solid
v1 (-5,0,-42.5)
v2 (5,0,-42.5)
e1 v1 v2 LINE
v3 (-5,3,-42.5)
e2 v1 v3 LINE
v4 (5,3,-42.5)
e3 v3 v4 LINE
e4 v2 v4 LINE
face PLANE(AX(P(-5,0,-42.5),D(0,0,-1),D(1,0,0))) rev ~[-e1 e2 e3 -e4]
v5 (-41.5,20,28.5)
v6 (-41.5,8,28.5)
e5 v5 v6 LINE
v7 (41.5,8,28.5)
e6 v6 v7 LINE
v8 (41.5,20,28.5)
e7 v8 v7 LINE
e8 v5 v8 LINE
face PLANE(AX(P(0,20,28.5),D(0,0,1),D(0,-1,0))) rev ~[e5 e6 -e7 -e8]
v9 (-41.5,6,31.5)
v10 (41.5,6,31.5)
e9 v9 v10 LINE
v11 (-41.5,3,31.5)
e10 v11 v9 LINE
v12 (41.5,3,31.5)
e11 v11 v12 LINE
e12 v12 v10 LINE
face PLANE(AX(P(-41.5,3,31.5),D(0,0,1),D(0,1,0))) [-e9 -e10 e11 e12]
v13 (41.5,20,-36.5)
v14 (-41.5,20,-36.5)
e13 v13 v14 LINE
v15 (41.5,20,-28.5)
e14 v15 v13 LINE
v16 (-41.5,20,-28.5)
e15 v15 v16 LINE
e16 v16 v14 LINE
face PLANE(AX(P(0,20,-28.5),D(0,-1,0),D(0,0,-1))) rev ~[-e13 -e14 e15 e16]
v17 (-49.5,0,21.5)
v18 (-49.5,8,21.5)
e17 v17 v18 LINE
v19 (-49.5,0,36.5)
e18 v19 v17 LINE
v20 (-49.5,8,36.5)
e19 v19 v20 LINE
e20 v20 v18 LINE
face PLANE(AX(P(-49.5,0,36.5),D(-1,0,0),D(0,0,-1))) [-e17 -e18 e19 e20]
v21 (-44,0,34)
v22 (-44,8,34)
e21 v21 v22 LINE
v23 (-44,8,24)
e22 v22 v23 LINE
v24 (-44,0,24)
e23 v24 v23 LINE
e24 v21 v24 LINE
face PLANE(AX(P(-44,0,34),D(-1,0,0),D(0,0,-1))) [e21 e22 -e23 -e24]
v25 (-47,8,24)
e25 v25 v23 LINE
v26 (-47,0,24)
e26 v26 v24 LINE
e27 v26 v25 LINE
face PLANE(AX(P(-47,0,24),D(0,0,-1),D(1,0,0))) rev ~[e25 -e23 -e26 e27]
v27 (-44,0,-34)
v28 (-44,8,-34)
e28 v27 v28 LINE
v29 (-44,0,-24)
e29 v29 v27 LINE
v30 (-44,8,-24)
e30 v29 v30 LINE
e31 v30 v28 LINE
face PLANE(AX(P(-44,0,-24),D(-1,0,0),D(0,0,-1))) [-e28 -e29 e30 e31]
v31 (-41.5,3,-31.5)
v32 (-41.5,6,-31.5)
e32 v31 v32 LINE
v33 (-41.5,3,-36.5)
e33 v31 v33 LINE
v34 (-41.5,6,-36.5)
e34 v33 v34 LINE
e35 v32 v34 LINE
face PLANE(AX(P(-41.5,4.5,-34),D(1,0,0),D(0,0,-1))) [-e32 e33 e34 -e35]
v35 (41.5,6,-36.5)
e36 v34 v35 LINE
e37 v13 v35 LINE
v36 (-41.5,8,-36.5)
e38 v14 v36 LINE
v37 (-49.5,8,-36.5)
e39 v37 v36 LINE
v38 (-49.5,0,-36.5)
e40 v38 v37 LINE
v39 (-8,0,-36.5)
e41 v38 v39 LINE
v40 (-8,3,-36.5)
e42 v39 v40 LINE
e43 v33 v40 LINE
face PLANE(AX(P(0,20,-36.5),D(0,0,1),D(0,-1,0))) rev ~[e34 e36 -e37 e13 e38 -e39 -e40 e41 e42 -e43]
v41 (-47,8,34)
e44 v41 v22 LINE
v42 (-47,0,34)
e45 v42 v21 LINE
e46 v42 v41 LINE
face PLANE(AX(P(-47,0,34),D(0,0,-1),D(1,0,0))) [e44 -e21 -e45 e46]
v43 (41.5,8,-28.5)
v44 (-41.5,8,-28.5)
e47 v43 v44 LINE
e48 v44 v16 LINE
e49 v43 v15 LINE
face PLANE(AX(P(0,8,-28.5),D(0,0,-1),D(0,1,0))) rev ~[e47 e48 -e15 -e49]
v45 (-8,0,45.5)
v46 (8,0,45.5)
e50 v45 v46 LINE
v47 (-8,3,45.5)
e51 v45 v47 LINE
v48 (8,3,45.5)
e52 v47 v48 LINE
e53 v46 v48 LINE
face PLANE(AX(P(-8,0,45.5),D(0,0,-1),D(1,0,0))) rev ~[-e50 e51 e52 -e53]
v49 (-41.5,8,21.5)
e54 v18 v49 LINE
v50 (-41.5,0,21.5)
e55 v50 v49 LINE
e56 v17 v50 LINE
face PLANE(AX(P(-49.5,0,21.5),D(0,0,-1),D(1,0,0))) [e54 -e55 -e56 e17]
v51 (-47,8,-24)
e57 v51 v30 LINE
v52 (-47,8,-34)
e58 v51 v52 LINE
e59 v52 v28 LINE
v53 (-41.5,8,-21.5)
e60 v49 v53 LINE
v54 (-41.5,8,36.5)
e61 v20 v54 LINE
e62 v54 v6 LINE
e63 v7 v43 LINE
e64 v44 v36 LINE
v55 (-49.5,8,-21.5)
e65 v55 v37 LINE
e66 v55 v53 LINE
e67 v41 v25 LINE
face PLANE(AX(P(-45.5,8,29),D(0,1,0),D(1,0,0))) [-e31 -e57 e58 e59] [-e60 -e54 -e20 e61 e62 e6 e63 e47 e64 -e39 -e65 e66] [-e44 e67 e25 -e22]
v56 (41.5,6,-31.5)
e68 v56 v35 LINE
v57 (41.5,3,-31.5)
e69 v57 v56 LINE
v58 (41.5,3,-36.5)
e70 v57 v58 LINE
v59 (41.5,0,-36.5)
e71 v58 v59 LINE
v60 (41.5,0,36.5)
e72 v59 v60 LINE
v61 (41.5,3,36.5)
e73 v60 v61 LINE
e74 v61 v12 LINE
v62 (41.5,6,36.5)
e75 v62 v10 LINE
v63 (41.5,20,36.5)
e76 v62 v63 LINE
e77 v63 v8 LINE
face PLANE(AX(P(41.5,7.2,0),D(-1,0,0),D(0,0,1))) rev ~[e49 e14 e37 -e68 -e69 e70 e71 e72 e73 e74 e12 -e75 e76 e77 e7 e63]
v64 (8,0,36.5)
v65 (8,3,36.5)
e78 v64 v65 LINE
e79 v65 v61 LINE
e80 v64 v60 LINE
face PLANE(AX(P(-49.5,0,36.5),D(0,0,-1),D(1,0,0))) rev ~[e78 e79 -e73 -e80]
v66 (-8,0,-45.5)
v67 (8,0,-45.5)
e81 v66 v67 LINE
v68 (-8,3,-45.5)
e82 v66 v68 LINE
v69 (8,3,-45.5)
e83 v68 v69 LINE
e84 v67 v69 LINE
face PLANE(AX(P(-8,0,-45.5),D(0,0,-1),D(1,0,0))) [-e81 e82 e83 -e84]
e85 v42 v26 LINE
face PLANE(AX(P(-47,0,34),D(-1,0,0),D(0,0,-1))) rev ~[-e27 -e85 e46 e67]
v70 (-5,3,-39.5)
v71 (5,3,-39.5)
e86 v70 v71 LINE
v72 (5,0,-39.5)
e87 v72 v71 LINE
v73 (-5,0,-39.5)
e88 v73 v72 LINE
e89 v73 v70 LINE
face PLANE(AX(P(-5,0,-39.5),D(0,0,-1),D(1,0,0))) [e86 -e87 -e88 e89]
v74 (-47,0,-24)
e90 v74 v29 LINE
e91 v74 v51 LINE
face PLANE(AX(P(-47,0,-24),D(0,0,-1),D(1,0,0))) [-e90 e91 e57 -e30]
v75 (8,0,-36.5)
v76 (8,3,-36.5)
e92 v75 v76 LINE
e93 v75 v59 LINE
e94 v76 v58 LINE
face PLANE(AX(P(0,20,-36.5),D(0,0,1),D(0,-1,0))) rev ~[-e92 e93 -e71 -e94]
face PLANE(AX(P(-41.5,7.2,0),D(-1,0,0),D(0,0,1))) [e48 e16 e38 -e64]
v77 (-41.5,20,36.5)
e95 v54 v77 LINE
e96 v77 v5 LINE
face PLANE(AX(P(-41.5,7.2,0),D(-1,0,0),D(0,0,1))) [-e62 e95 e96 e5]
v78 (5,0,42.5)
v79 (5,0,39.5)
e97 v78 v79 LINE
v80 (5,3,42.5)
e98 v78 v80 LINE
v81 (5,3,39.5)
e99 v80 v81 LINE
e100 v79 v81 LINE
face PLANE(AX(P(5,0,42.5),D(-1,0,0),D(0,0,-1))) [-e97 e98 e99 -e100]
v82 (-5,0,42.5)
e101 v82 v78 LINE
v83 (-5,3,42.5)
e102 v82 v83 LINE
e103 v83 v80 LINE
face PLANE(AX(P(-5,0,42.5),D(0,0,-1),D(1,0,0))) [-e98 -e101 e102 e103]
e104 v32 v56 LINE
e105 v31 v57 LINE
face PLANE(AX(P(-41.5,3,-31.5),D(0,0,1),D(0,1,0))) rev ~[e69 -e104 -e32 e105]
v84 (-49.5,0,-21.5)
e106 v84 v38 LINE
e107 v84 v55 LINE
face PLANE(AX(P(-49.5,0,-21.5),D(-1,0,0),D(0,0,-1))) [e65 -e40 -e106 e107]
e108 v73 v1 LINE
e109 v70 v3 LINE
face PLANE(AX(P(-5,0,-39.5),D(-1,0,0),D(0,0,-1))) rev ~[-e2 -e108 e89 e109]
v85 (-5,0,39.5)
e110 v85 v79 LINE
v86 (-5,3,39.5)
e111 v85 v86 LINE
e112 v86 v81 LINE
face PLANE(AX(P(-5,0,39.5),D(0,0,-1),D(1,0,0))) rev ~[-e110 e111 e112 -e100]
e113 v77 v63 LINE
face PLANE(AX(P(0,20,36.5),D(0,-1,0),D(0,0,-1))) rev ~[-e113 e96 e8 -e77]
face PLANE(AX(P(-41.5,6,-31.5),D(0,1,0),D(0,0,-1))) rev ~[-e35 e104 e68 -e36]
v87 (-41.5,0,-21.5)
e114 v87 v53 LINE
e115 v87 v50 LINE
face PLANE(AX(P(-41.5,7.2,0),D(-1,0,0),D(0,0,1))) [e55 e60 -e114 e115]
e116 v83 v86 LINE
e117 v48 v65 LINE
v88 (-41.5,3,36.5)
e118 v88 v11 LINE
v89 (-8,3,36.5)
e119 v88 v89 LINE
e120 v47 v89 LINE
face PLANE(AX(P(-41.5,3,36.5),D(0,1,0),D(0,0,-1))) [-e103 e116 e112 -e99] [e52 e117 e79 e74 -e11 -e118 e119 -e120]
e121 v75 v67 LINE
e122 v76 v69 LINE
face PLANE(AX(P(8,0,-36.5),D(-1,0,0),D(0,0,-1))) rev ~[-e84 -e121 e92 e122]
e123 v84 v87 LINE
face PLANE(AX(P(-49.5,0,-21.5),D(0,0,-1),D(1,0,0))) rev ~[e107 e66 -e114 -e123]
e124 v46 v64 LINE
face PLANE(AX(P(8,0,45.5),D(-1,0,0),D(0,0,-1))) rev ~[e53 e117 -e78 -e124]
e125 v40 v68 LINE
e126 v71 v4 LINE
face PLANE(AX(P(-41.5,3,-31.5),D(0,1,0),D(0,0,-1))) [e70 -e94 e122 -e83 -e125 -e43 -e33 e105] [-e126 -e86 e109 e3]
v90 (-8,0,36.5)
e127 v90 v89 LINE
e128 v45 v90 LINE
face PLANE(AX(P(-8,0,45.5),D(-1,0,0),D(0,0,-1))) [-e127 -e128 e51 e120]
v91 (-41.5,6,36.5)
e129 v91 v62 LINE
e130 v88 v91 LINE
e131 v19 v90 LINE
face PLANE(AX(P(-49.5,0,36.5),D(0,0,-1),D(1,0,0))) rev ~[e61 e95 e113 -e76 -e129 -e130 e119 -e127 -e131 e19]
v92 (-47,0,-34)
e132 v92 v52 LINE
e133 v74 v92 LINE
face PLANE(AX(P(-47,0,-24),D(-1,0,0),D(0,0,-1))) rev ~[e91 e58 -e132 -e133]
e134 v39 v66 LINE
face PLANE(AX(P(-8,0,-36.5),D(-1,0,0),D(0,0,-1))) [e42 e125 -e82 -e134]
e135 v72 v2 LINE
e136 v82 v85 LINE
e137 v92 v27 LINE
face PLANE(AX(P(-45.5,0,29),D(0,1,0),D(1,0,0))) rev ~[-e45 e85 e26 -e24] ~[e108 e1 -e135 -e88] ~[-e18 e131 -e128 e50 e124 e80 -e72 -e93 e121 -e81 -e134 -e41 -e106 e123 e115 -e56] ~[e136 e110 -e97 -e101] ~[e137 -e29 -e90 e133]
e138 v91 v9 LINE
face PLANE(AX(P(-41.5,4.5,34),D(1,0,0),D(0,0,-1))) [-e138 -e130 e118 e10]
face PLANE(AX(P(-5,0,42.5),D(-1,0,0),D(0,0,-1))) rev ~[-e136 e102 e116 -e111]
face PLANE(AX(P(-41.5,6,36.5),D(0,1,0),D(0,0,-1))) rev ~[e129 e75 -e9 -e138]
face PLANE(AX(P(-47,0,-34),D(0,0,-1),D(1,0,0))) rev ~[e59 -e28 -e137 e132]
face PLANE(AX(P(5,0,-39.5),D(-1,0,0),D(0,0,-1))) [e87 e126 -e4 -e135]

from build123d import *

# Parameters (mm, degrees)
BOSS_EXTRUDE1_DEPTH     = 41.5
SKETCH3_W               = 8
SKETCH3_H               = 15
SKETCH3_W_2             = 3
SKETCH3_H_2             = 10
BOSS_EXTRUDE2_DEPTH     = 8
SKETCH3_3_W             = 16
SKETCH3_3_H             = 9
SKETCH3_3_W_2           = 10
SKETCH3_3_H_2           = 3
BOSS_EXTRUDE3_DEPTH     = 3
CUT_EXTRUDE1_DEPTH      = 104.688234627
CUT_EXTRUDE1_DEPTH_BACK = 83
SKETCH4_W               = 5
SKETCH4_H               = 3


with BuildPart() as part:
    # Sketch2 → Boss-Extrude1 (new, symmetric)
    with BuildSketch(Plane(origin=(0, 0, 0), x_dir=(0, 0, -1), z_dir=(1, 0, 0))):
        Polygon((-28.5, 8), (28.5, 8), (28.5, 20), (36.5, 20), (36.5, 0), (-36.5, 0), (-36.5, 20), (-28.5, 20), align=None)
    extrude(amount=BOSS_EXTRUDE1_DEPTH, both=True)

    # Sketch3 → Boss-Extrude2 (add)
    # profile 1 of 2: a face of its own
    with BuildSketch(Plane(origin=(0, 0, 0), x_dir=(1, 0, 0), z_dir=(0, 1, 0))):
        with Locations((-45.5, -29)):
            Rectangle(SKETCH3_W, SKETCH3_H)
        with Locations((-45.5, -29)):
            Rectangle(SKETCH3_W_2, SKETCH3_H_2, mode=Mode.SUBTRACT)
    # profile 2 of 2: a face of its own
    with BuildSketch(Plane(origin=(0, 0, 0), x_dir=(1, 0, 0), z_dir=(0, 1, 0))):
        with Locations((-45.5, 29)):
            Rectangle(SKETCH3_W, SKETCH3_H)
        with Locations((-45.5, 29)):
            Rectangle(SKETCH3_W_2, SKETCH3_H_2, mode=Mode.SUBTRACT)
    extrude(amount=BOSS_EXTRUDE2_DEPTH)

    # Sketch3<3> → Boss-Extrude3 (add)
    # profile 1 of 2: a face of its own
    with BuildSketch(Plane(origin=(0, 0, 0), x_dir=(1, 0, 0), z_dir=(0, 1, 0))):
        with Locations((0, -41)):
            Rectangle(SKETCH3_3_W, SKETCH3_3_H)
        with Locations((0, -41)):
            Rectangle(SKETCH3_3_W_2, SKETCH3_3_H_2, mode=Mode.SUBTRACT)
    # profile 2 of 2: a face of its own
    with BuildSketch(Plane(origin=(0, 0, 0), x_dir=(1, 0, 0), z_dir=(0, 1, 0))):
        with Locations((0, 41)):
            Rectangle(SKETCH3_3_W, SKETCH3_3_H)
        with Locations((0, 41)):
            Rectangle(SKETCH3_3_W_2, SKETCH3_3_H_2, mode=Mode.SUBTRACT)
    extrude(amount=BOSS_EXTRUDE3_DEPTH)

    # Sketch4 → Cut-Extrude1 (cut, two sides: drawn at the far end of the back side and taken through both)
    with BuildSketch(Plane(origin=(41.5, 0, 0), x_dir=(0, 0, -1), z_dir=(1, 0, 0)).offset(-CUT_EXTRUDE1_DEPTH_BACK)):
        with Locations((-34, 4.5)):
            Rectangle(SKETCH4_W, SKETCH4_H)
        with Locations((34, 4.5)):
            Rectangle(SKETCH4_W, SKETCH4_H)
    extrude(amount=CUT_EXTRUDE1_DEPTH + CUT_EXTRUDE1_DEPTH_BACK, mode=Mode.SUBTRACT)


solid = part.part
